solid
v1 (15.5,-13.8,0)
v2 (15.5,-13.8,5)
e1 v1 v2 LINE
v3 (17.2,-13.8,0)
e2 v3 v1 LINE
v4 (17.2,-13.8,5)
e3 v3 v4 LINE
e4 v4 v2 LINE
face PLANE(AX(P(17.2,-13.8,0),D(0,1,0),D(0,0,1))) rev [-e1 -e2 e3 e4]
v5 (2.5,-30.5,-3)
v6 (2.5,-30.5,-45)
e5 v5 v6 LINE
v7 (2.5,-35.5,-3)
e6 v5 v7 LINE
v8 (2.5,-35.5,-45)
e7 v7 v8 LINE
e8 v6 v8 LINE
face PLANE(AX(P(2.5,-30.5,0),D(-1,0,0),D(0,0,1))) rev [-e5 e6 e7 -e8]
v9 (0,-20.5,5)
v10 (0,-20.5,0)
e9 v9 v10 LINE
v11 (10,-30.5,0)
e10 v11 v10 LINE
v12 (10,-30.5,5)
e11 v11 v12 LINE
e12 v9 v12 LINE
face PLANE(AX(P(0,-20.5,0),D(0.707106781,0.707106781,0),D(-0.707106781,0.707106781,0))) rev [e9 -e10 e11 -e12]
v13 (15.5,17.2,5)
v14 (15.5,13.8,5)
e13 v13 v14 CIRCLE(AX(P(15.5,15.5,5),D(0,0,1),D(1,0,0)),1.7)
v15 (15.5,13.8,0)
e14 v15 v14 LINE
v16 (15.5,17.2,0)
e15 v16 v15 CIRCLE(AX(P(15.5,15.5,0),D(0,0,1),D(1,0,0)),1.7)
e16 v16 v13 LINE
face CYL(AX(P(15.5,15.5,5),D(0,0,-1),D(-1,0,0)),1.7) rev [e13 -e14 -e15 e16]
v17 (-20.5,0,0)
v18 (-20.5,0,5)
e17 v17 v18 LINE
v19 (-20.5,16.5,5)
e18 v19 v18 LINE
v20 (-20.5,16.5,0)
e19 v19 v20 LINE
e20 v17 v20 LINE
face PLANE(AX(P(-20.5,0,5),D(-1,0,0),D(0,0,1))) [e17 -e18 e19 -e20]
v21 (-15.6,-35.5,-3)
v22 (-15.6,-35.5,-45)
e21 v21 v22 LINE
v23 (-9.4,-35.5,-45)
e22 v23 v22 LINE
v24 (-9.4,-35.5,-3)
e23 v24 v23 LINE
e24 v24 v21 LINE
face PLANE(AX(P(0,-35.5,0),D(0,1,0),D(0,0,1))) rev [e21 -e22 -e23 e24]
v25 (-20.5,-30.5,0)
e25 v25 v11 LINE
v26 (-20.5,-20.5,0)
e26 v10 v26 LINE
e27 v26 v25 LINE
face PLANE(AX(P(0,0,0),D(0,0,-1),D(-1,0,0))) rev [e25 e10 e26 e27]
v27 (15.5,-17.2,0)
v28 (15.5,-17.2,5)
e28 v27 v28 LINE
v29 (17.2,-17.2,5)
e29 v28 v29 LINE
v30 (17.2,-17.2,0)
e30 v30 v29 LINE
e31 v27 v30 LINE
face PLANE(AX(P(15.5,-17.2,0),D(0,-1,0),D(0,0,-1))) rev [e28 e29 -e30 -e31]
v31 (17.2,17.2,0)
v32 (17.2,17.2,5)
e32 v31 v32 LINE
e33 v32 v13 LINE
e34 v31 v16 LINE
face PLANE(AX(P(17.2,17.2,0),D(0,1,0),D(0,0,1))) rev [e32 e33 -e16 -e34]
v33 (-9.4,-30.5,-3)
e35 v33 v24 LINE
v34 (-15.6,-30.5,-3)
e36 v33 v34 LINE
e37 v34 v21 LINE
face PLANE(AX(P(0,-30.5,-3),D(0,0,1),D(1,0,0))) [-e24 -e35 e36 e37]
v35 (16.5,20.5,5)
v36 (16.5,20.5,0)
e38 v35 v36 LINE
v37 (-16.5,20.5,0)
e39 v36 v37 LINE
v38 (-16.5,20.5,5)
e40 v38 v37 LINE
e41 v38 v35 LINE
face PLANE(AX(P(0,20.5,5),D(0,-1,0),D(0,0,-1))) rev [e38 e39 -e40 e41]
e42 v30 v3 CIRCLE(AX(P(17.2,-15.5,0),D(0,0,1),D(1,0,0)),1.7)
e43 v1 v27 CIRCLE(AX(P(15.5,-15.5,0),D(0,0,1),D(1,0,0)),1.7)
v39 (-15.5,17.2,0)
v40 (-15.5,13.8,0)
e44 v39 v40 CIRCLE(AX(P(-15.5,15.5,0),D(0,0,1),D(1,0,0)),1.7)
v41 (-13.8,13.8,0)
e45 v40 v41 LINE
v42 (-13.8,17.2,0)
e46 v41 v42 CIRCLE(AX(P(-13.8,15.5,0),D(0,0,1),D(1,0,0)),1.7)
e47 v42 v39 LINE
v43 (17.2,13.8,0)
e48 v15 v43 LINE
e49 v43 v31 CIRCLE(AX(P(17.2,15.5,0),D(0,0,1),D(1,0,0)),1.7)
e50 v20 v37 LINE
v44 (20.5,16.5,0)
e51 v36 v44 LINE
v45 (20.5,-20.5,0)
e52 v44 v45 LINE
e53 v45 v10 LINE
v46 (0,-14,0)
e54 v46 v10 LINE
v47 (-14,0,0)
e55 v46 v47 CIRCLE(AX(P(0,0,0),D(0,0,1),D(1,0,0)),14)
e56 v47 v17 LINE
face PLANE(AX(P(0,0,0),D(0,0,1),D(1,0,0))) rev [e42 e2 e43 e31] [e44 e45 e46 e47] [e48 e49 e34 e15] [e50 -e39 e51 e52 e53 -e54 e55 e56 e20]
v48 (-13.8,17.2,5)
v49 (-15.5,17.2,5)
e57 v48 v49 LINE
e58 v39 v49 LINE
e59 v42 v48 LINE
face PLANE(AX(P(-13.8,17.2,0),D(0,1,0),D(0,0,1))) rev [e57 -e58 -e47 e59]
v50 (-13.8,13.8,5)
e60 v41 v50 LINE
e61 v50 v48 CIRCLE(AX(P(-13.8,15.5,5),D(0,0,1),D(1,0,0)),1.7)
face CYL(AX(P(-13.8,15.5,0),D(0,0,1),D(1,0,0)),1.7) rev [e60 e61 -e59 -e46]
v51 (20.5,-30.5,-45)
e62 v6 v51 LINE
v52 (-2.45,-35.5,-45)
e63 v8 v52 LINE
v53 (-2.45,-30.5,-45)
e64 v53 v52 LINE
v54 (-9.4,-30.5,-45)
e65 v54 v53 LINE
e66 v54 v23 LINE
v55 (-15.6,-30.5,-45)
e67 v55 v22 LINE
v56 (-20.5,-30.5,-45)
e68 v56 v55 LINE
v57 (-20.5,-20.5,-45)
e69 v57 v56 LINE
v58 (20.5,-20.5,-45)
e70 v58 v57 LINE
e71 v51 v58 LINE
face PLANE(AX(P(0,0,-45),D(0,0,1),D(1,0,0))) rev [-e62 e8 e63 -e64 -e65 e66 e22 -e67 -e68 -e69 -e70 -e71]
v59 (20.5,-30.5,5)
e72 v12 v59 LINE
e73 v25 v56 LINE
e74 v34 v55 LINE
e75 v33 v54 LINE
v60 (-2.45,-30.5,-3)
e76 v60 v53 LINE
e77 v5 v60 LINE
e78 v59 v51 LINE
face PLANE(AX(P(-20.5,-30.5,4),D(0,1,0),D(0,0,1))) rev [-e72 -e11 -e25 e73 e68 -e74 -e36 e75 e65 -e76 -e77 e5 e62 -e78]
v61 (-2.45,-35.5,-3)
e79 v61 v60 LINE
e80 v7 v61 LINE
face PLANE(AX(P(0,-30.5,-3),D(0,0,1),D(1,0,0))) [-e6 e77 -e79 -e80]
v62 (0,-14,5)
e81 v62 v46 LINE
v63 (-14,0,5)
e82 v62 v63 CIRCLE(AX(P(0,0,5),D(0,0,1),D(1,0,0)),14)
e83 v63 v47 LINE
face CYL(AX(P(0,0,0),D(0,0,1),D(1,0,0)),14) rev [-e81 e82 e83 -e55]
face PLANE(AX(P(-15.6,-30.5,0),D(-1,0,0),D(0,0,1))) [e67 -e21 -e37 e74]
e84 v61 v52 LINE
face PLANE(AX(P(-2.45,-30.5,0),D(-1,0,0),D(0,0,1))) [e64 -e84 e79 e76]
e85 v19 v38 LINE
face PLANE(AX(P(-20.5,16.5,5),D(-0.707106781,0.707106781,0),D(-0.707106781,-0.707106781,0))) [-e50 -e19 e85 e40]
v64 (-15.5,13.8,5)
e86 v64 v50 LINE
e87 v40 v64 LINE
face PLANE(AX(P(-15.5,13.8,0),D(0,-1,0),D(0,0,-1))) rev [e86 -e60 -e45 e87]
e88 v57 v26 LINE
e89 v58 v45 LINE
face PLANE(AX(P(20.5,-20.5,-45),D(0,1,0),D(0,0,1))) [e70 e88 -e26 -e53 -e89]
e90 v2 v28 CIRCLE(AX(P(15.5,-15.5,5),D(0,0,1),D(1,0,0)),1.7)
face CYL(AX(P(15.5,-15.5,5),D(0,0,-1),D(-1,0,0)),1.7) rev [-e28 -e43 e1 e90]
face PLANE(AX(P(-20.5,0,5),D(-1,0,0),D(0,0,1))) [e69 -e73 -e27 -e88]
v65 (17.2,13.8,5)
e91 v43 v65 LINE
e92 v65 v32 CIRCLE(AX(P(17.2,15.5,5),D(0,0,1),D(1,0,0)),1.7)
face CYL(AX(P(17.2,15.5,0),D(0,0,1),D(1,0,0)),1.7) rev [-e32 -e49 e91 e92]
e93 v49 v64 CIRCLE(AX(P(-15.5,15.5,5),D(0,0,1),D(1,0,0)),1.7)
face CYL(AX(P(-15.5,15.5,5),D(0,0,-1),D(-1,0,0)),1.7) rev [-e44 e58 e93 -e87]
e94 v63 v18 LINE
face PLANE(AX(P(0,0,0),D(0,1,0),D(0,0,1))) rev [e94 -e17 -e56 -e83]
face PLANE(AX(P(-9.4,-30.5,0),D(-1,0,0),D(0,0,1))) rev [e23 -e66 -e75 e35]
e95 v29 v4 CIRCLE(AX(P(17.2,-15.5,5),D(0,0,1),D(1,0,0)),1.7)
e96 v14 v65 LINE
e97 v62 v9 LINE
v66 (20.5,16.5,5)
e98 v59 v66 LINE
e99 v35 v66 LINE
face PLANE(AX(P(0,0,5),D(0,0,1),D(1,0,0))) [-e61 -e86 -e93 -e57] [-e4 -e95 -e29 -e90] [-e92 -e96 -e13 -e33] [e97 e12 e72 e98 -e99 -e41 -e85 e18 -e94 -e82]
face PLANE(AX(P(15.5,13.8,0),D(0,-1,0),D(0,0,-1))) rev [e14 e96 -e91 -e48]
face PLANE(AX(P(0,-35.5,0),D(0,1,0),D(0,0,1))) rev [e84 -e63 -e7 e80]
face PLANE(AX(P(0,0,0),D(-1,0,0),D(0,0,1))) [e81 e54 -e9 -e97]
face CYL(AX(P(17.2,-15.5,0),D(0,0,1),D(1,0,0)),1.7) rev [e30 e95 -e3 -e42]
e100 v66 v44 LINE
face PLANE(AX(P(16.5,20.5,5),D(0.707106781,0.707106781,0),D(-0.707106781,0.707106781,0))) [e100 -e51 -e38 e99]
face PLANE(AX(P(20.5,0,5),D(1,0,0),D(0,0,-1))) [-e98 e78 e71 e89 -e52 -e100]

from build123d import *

# Parameters (mm, degrees)
SKETCH_1_R          = 11
SKETCH_1_R_2        = 1.7
EXTRUDE_1_DEPTH     = 5
EXTRUDE_2_DEPTH     = 4
SKETCH_3_W          = 41
SKETCH_3_H          = 10
EXTRUDE_3_DEPTH     = 45
EXTRUDE_4_DEPTH     = 5
CUT_EXTRUDE_1_DEPTH = 5
SKETCH_6_W          = 6.2
SKETCH_6_H          = 3
CUT_EXTRUDE_2_DEPTH = 5
SKETCH_8_R          = 11.5
CUT_EXTRUDE_3_DEPTH = 5
SKETCH_9_W          = 5
SKETCH_9_H          = 46
EXTRUDE_5_DEPTH     = 5
SKETCH_10_R         = 14
CUT_EXTRUDE_4_DEPTH = 5
SKETCH_11_W         = 20.5
SKETCH_11_H         = 30.5
CUT_EXTRUDE_5_DEPTH = 5
SKETCH_12_W         = 1
SKETCH_12_H         = 5
CUT_EXTRUDE_6_DEPTH = 20
CUT_EXTRUDE_7_DEPTH = 5
EXTRUDE_6_DEPTH     = 1
SKETCH_16_W         = 2
SKETCH_16_H         = 45
SKETCH_16_W_2       = 1.95
EXTRUDE_7_DEPTH     = 5
SKETCH_17_W         = 2
SKETCH_17_H         = 42
SKETCH_17_H_2       = 3
SKETCH_17_W_2       = 6.2
SKETCH_17_W_3       = 9.9
CUT_EXTRUDE_8_DEPTH = 5


with BuildPart() as part:
    # 草图1 → 凸台-拉伸1 (new body)
    with BuildSketch(Plane.XY):
        Polygon((-20.5, 0), (-20.5, -16.5), (-16.5, -20.5), (0, -20.5), (16.5, -20.5), (20.5, -16.5), (20.5, 0), (20.5, 16.5), (16.5, 20.5), (0, 20.5), (-16.5, 20.5), (-20.5, 16.5), align=None)
        Circle(SKETCH_1_R, mode=Mode.SUBTRACT)
        with Locations((15.5, -15.5)):
            Circle(SKETCH_1_R_2, mode=Mode.SUBTRACT)
        with Locations((15.5, 15.5)):
            Circle(SKETCH_1_R_2, mode=Mode.SUBTRACT)
        with Locations((-15.5, 15.5)):
            Circle(SKETCH_1_R_2, mode=Mode.SUBTRACT)
        with Locations((-15.5, -15.5)):
            Circle(SKETCH_1_R_2, mode=Mode.SUBTRACT)
    extrude(amount=EXTRUDE_1_DEPTH)

    # 草图2 → 凸台-拉伸2 (add)
    with BuildSketch(Plane(origin=(0, 0, 0), x_dir=(-1, 0, 0), z_dir=(0, 0, -1))):
        Polygon((-16.5, -30.5), (16.5, -30.5), (20.5, -30.5), (20.5, -16.5), (16.5, -20.5), (-16.5, -20.5), (-20.5, -16.5), (-20.5, -30.5), align=None)
    extrude(amount=-EXTRUDE_2_DEPTH)

    # 草图3 → 凸台-拉伸3 (add)
    with BuildSketch(Plane(origin=(0, 0, 0), x_dir=(-1, 0, 0), z_dir=(0, 0, -1))):
        with Locations((0, -25.5)):
            Rectangle(SKETCH_3_W, SKETCH_3_H)
    extrude(amount=EXTRUDE_3_DEPTH)

    # 草图4 → 凸台-拉伸4 (add)
    with BuildSketch(Plane.XZ.offset(30.5)):
        Polygon((-13.6, -2.908443575), (-13.6, 4), (-7.4, 4), (-7.4, -2.908443575), (-7.4, -45), (-13.6, -45), align=None)
    extrude(amount=EXTRUDE_4_DEPTH)

    # 草图5 → 切除-拉伸1 (cut)
    with BuildSketch(Plane.XY.offset(5)):
        with BuildLine():
            Line((15.5, 17.2), (15.5, 13.8))
            Line((15.5, 13.8), (17.2, 13.8))
            ThreePointArc((17.2, 13.8), (18.9, 15.5), (17.2, 17.2))
            Line((17.2, 17.2), (15.5, 17.2))
        make_face()
        with BuildLine():
            Line((15.5, -13.8), (15.5, -17.2))
            Line((15.5, -17.2), (17.2, -17.2))
            ThreePointArc((17.2, -17.2), (18.9, -15.5), (17.2, -13.8))
            Line((17.2, -13.8), (15.5, -13.8))
        make_face()
        with BuildLine():
            Line((-15.5, -13.8), (-15.5, -17.2))
            Line((-15.5, -17.2), (-13.8, -17.2))
            ThreePointArc((-13.8, -17.2), (-12.1, -15.5), (-13.8, -13.8))
            Line((-13.8, -13.8), (-15.5, -13.8))
        make_face()
        with BuildLine():
            Line((-15.5, 17.2), (-15.5, 13.8))
            Line((-15.5, 13.8), (-13.8, 13.8))
            ThreePointArc((-13.8, 13.8), (-12.1, 15.5), (-13.8, 17.2))
            Line((-13.8, 17.2), (-15.5, 17.2))
        make_face()
    extrude(amount=-CUT_EXTRUDE_1_DEPTH, mode=Mode.SUBTRACT)

    # 草图6 → 切除-拉伸2 (cut)
    with BuildSketch(Plane(origin=(0, -35.5, 0), x_dir=(-1, 0, 0), z_dir=(0, -1, 0))):
        with Locations((10.5, -2.5)):
            Rectangle(SKETCH_6_W, SKETCH_6_H)
    extrude(amount=-CUT_EXTRUDE_2_DEPTH, mode=Mode.SUBTRACT)

    # 草图8 → 切除-拉伸3 (cut)
    with BuildSketch(Plane.XY.offset(5)):
        Circle(SKETCH_8_R)
    extrude(amount=-CUT_EXTRUDE_3_DEPTH, mode=Mode.SUBTRACT)

    # 草图9 → 凸台-拉伸5 (add)
    with BuildSketch(Plane.XZ.offset(30.5)):
        with Locations((2, -22)):
            Rectangle(SKETCH_9_W, SKETCH_9_H)
    extrude(amount=EXTRUDE_5_DEPTH)

    # 草图10 → 切除-拉伸4 (cut)
    with BuildSketch(Plane.XY.offset(5)):
        Circle(SKETCH_10_R)
    extrude(amount=-CUT_EXTRUDE_4_DEPTH, mode=Mode.SUBTRACT)

    # 草图11 → 切除-拉伸5 (cut)
    with BuildSketch(Plane.XY.offset(5)):
        with Locations((-10.25, -15.25)):
            Rectangle(SKETCH_11_W, SKETCH_11_H)
    extrude(amount=-CUT_EXTRUDE_5_DEPTH, mode=Mode.SUBTRACT)

    # 草图12 → 切除-拉伸6 (cut)
    with BuildSketch(Plane.ZY.offset(13.6)):
        with Locations((0.5, -33)):
            Rectangle(SKETCH_12_W, SKETCH_12_H)
    extrude(amount=-CUT_EXTRUDE_6_DEPTH, mode=Mode.SUBTRACT)

    # 草图14 → 切除-拉伸7 (cut)
    with BuildSketch(Plane.XY.offset(5)):
        Polygon((0, -20.5), (10, -30.5), (0, -30.5), align=None)
    extrude(amount=-CUT_EXTRUDE_7_DEPTH, mode=Mode.SUBTRACT)

    # 草图15 → 凸台-拉伸6 (add)
    with BuildSketch(Plane.XY.offset(4)):
        Polygon((0, -20.5), (10, -30.5), (20.5, -30.5), (20.5, -16.5), (16.5, -20.5), align=None)
    extrude(amount=EXTRUDE_6_DEPTH)

    # 草图16 → 凸台-拉伸7 (add)
    with BuildSketch(Plane.XZ.offset(35.5)):
        with Locations((-14.6, -22.5)):
            Rectangle(SKETCH_16_W, SKETCH_16_H)
        with Locations((-1.475, -22.5)):
            Rectangle(SKETCH_16_W_2, SKETCH_16_H)
    extrude(amount=-EXTRUDE_7_DEPTH)

    # 草图17 → 切除-拉伸8 (cut)
    with BuildSketch(Plane.XZ.offset(35.5)):
        with Locations((-8.4, -24)):
            Rectangle(SKETCH_17_W, SKETCH_17_H)
        with Locations((-8.4, -1.5)):
            Rectangle(SKETCH_17_W, SKETCH_17_H_2)
        with Locations((-12.5, -1.5)):
            Rectangle(SKETCH_17_W_2, SKETCH_17_H_2)
        with Locations((-2.45, -1.5)):
            Rectangle(SKETCH_17_W_3, SKETCH_17_H_2)
        with Locations((3.5, -1.5)):
            Rectangle(SKETCH_17_W, SKETCH_17_H_2)
        with Locations((3.5, -24)):
            Rectangle(SKETCH_17_W, SKETCH_17_H)
    extrude(amount=-CUT_EXTRUDE_8_DEPTH, mode=Mode.SUBTRACT)


solid = part.part
